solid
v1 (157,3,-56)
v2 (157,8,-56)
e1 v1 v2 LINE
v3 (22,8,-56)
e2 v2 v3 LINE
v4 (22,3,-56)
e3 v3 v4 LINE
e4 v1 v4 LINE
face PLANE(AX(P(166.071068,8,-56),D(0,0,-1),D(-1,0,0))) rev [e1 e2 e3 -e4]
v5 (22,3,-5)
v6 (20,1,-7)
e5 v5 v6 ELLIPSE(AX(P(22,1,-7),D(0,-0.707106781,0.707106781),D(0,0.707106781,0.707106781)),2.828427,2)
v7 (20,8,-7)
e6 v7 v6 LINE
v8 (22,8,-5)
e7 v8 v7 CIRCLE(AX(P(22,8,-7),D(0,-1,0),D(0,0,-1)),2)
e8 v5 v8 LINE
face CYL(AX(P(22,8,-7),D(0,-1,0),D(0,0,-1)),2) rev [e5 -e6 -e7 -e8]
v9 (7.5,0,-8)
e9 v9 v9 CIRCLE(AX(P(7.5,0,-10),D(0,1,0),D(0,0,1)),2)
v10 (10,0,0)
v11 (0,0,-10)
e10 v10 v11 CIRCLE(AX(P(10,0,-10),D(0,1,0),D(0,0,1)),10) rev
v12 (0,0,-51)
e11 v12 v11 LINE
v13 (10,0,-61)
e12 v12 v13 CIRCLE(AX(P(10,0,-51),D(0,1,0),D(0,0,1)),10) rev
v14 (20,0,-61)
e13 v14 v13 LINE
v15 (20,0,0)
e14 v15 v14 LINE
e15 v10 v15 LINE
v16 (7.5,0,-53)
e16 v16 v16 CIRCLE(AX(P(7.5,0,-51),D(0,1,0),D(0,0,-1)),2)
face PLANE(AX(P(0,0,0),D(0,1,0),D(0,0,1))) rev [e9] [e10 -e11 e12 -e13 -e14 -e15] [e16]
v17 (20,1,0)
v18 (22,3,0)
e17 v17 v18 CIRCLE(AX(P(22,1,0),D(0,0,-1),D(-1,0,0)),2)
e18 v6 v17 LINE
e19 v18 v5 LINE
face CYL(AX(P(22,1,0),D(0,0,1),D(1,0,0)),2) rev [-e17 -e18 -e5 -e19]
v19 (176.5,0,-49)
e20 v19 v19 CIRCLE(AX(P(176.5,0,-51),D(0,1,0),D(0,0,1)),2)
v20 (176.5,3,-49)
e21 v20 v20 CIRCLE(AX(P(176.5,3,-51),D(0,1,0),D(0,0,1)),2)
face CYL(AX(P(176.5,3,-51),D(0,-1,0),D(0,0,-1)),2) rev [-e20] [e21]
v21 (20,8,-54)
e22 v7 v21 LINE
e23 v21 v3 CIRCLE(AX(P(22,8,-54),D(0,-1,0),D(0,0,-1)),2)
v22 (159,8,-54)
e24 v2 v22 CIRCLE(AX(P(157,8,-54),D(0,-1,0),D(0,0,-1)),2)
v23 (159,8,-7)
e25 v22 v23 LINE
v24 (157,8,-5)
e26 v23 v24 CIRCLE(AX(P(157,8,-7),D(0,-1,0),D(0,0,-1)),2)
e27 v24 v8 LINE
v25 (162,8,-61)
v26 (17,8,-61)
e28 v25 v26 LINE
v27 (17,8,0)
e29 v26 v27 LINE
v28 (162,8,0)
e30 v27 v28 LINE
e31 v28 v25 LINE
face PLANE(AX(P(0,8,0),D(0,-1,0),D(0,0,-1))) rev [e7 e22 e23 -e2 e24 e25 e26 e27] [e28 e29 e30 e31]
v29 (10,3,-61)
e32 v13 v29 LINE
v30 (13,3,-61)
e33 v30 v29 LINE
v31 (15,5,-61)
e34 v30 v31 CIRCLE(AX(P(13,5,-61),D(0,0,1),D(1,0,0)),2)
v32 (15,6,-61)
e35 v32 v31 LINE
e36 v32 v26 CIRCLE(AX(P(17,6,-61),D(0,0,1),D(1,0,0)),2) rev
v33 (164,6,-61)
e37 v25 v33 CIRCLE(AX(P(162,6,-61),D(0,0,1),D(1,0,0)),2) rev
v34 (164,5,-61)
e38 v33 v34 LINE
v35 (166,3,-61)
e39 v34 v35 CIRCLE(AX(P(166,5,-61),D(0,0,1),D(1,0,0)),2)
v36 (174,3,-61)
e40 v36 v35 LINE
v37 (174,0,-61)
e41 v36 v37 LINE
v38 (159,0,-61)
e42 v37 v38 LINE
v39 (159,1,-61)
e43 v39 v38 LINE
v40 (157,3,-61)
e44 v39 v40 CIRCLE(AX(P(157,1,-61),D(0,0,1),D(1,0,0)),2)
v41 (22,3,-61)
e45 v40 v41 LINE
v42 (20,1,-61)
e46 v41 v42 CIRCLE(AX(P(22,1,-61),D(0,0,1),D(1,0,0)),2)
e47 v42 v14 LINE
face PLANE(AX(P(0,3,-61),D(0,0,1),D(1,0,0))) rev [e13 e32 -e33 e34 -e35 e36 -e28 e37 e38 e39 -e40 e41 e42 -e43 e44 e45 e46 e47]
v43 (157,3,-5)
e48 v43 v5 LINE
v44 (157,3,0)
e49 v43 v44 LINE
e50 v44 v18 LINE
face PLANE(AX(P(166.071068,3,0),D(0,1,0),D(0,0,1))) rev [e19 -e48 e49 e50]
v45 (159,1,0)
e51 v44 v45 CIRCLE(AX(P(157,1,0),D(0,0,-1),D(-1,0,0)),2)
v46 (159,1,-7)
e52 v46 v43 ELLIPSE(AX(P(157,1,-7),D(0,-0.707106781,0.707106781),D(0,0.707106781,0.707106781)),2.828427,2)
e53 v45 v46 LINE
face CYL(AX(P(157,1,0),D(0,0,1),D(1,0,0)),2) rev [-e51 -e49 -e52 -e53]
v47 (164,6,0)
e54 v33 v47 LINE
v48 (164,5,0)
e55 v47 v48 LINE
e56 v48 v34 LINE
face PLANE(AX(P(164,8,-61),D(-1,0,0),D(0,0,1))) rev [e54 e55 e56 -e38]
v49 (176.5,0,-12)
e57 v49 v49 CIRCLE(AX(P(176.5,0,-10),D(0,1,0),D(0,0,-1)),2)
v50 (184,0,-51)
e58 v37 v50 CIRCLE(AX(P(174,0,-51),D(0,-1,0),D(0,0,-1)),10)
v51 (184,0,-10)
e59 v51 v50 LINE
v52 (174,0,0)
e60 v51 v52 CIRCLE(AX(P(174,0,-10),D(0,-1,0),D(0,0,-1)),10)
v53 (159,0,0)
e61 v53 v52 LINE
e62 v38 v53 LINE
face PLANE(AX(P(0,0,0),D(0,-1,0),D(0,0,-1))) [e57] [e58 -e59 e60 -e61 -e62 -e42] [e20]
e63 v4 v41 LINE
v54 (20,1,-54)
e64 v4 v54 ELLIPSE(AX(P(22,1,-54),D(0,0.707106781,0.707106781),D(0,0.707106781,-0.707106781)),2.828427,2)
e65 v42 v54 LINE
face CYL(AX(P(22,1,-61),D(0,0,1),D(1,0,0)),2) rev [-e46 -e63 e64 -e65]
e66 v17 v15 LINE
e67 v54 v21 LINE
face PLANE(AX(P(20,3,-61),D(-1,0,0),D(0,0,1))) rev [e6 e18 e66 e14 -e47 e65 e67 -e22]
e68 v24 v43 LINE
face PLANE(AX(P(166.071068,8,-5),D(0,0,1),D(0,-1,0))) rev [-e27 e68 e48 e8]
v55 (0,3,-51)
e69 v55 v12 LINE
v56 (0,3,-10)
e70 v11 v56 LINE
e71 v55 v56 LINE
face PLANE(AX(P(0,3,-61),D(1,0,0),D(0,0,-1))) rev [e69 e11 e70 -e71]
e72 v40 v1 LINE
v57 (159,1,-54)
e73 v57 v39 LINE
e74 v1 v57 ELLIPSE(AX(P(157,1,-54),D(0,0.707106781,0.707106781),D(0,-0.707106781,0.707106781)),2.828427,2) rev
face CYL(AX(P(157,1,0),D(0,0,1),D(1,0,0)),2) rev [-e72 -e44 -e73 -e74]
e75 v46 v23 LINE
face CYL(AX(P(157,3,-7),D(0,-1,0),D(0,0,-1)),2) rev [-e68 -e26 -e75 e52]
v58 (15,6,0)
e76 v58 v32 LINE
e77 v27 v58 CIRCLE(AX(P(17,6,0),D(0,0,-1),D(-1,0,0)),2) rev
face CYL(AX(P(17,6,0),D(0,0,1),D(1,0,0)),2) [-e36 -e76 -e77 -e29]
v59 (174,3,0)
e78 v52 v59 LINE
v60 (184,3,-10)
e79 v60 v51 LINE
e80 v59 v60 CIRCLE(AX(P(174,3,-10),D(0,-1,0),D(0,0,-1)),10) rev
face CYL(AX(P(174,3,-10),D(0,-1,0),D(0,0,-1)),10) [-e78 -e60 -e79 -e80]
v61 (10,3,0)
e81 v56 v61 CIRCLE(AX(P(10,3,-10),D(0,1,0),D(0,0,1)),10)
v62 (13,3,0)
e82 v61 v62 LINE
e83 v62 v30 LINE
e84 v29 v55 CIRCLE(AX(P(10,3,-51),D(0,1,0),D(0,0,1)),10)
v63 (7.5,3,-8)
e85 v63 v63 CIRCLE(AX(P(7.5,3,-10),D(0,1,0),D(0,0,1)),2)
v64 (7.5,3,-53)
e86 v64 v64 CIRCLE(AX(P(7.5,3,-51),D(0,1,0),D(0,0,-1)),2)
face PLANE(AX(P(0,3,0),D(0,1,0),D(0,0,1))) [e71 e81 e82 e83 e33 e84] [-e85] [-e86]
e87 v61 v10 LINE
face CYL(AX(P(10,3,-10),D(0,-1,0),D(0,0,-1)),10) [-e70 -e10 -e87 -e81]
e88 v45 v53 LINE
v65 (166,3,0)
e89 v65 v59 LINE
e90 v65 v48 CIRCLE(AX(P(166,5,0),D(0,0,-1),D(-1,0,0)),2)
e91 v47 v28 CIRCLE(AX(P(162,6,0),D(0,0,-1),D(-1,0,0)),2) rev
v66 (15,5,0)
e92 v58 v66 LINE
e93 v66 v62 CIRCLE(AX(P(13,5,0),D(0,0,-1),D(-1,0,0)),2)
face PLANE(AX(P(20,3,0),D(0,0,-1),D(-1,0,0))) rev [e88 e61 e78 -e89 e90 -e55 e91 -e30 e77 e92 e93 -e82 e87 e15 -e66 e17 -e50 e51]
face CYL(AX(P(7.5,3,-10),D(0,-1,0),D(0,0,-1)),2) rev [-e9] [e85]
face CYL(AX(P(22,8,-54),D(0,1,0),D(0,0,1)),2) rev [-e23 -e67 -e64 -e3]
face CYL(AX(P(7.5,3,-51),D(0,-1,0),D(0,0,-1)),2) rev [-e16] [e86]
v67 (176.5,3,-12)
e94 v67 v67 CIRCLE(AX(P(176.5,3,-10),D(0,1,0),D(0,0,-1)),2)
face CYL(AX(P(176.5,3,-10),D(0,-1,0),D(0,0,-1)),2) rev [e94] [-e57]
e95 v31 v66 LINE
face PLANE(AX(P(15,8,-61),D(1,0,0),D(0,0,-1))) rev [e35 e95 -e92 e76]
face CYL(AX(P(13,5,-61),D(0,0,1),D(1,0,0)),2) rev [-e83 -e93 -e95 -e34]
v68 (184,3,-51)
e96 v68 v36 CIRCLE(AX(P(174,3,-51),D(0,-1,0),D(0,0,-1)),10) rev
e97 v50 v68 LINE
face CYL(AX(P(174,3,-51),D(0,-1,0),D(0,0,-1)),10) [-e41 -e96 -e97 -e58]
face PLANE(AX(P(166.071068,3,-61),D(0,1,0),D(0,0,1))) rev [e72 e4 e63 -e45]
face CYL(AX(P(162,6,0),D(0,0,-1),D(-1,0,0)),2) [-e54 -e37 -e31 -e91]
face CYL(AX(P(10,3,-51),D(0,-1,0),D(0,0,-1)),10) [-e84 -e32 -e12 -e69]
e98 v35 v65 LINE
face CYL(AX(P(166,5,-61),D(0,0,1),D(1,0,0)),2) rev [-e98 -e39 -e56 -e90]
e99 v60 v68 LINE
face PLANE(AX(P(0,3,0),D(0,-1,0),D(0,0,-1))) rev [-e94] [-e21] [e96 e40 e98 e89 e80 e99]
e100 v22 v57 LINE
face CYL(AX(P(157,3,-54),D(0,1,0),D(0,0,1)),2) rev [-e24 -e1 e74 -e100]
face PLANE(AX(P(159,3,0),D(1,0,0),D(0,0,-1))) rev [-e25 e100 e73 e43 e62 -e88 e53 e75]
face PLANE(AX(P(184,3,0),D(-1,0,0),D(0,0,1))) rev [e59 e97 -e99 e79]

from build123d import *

# Parameters (mm, degrees)
SKETCH1_W             = 25
SKETCH1_H             = 61
SKETCH1_R             = 2
BOSS_EXTRUDE1_DEPTH   = 3
SKETCH1_W_2           = 20
BOSS_EXTRUDE1_2_DEPTH = 3
SKETCH3_W             = 5
SKETCH3_H             = 61
BOSS_EXTRUDE2_DEPTH   = 5
SKETCH4_W             = 5
SKETCH4_H             = 5
BOSS_EXTRUDE3_DEPTH   = 139
FILLET1_R             = 10
FILLET2_R             = 2


with BuildPart() as part:
    # Sketch1 → Boss-Extrude1 (new body)
    with BuildSketch(Plane(origin=(0, 0, 0), x_dir=(1, 0, 0), z_dir=(0, 1, 0))):
        with Locations((171.5, 30.5)):
            Rectangle(SKETCH1_W, SKETCH1_H)
        with Locations(Location((176.5, 10, 0), (0, 0, 90))):
            Circle(SKETCH1_R, mode=Mode.SUBTRACT)
        with Locations(Location((176.5, 51, 0), (0, 0, 270))):
            Circle(SKETCH1_R, mode=Mode.SUBTRACT)
    extrude(amount=BOSS_EXTRUDE1_DEPTH)



with BuildPart() as body_2:
    # Sketch1 → Boss-Extrude1 2 (new body)
    with BuildSketch(Plane(origin=(0, 0, 0), x_dir=(1, 0, 0), z_dir=(0, 1, 0))):
        with Locations((10, 30.5)):
            Rectangle(SKETCH1_W_2, SKETCH1_H)
        with Locations(Location((7.5, 10, 0), (0, 0, 270))):
            Circle(SKETCH1_R, mode=Mode.SUBTRACT)
        with Locations(Location((7.5, 51, 0), (0, 0, 90))):
            Circle(SKETCH1_R, mode=Mode.SUBTRACT)
    extrude(amount=BOSS_EXTRUDE1_2_DEPTH)


with BuildPart() as part_1:
    add(part.part)

    add(body_2.part)  # Boss-Extrude2 merges body 2
    # Sketch3 → Boss-Extrude2 (add)
    with BuildSketch(Plane(origin=(0, 3, 0), x_dir=(1, 0, 0), z_dir=(0, 1, 0))):
        with Locations((17.5, 30.5)):
            Rectangle(SKETCH3_W, SKETCH3_H)
        with Locations((161.5, 30.5)):
            Rectangle(SKETCH3_W, SKETCH3_H)
    extrude(amount=BOSS_EXTRUDE2_DEPTH)

    # Sketch4 → Boss-Extrude3 (add)
    with BuildSketch(Plane(origin=(20, 0, 0), x_dir=(0, 0, -1), z_dir=(1, 0, 0))):
        with Locations((2.5, 5.5)):
            Rectangle(SKETCH4_W, SKETCH4_H)
        with Locations((58.5, 5.5)):
            Rectangle(SKETCH4_W, SKETCH4_H)
    extrude(amount=BOSS_EXTRUDE3_DEPTH)

    # Fillet1
    fillet1_edges = [part_1.edges().sort_by_distance(p)[0] for p in [
        (184, 1.5, 0),
        (184, 1.5, -61),
        (0, 1.5, 0),
        (0, 1.5, -61),
    ]]
    fillet(fillet1_edges, radius=FILLET1_R)

    # Fillet2
    fillet2_edges = [part_1.edges().sort_by_distance(p)[0] for p in [
        (15, 3, -30.5),
        (15, 8, -30.5),
        (20, 3, -2.5),
        (20, 5.5, -5),
        (159, 3, -2.5),
        (159, 5.5, -5),
        (164, 3, -30.5),
        (164, 8, -30.5),
        (20, 5.5, -56),
        (20, 3, -58.5),
        (159, 3, -58.5),
        (159, 5.5, -56),
    ]]
    fillet(fillet2_edges, radius=FILLET2_R)


solid = part_1.part
